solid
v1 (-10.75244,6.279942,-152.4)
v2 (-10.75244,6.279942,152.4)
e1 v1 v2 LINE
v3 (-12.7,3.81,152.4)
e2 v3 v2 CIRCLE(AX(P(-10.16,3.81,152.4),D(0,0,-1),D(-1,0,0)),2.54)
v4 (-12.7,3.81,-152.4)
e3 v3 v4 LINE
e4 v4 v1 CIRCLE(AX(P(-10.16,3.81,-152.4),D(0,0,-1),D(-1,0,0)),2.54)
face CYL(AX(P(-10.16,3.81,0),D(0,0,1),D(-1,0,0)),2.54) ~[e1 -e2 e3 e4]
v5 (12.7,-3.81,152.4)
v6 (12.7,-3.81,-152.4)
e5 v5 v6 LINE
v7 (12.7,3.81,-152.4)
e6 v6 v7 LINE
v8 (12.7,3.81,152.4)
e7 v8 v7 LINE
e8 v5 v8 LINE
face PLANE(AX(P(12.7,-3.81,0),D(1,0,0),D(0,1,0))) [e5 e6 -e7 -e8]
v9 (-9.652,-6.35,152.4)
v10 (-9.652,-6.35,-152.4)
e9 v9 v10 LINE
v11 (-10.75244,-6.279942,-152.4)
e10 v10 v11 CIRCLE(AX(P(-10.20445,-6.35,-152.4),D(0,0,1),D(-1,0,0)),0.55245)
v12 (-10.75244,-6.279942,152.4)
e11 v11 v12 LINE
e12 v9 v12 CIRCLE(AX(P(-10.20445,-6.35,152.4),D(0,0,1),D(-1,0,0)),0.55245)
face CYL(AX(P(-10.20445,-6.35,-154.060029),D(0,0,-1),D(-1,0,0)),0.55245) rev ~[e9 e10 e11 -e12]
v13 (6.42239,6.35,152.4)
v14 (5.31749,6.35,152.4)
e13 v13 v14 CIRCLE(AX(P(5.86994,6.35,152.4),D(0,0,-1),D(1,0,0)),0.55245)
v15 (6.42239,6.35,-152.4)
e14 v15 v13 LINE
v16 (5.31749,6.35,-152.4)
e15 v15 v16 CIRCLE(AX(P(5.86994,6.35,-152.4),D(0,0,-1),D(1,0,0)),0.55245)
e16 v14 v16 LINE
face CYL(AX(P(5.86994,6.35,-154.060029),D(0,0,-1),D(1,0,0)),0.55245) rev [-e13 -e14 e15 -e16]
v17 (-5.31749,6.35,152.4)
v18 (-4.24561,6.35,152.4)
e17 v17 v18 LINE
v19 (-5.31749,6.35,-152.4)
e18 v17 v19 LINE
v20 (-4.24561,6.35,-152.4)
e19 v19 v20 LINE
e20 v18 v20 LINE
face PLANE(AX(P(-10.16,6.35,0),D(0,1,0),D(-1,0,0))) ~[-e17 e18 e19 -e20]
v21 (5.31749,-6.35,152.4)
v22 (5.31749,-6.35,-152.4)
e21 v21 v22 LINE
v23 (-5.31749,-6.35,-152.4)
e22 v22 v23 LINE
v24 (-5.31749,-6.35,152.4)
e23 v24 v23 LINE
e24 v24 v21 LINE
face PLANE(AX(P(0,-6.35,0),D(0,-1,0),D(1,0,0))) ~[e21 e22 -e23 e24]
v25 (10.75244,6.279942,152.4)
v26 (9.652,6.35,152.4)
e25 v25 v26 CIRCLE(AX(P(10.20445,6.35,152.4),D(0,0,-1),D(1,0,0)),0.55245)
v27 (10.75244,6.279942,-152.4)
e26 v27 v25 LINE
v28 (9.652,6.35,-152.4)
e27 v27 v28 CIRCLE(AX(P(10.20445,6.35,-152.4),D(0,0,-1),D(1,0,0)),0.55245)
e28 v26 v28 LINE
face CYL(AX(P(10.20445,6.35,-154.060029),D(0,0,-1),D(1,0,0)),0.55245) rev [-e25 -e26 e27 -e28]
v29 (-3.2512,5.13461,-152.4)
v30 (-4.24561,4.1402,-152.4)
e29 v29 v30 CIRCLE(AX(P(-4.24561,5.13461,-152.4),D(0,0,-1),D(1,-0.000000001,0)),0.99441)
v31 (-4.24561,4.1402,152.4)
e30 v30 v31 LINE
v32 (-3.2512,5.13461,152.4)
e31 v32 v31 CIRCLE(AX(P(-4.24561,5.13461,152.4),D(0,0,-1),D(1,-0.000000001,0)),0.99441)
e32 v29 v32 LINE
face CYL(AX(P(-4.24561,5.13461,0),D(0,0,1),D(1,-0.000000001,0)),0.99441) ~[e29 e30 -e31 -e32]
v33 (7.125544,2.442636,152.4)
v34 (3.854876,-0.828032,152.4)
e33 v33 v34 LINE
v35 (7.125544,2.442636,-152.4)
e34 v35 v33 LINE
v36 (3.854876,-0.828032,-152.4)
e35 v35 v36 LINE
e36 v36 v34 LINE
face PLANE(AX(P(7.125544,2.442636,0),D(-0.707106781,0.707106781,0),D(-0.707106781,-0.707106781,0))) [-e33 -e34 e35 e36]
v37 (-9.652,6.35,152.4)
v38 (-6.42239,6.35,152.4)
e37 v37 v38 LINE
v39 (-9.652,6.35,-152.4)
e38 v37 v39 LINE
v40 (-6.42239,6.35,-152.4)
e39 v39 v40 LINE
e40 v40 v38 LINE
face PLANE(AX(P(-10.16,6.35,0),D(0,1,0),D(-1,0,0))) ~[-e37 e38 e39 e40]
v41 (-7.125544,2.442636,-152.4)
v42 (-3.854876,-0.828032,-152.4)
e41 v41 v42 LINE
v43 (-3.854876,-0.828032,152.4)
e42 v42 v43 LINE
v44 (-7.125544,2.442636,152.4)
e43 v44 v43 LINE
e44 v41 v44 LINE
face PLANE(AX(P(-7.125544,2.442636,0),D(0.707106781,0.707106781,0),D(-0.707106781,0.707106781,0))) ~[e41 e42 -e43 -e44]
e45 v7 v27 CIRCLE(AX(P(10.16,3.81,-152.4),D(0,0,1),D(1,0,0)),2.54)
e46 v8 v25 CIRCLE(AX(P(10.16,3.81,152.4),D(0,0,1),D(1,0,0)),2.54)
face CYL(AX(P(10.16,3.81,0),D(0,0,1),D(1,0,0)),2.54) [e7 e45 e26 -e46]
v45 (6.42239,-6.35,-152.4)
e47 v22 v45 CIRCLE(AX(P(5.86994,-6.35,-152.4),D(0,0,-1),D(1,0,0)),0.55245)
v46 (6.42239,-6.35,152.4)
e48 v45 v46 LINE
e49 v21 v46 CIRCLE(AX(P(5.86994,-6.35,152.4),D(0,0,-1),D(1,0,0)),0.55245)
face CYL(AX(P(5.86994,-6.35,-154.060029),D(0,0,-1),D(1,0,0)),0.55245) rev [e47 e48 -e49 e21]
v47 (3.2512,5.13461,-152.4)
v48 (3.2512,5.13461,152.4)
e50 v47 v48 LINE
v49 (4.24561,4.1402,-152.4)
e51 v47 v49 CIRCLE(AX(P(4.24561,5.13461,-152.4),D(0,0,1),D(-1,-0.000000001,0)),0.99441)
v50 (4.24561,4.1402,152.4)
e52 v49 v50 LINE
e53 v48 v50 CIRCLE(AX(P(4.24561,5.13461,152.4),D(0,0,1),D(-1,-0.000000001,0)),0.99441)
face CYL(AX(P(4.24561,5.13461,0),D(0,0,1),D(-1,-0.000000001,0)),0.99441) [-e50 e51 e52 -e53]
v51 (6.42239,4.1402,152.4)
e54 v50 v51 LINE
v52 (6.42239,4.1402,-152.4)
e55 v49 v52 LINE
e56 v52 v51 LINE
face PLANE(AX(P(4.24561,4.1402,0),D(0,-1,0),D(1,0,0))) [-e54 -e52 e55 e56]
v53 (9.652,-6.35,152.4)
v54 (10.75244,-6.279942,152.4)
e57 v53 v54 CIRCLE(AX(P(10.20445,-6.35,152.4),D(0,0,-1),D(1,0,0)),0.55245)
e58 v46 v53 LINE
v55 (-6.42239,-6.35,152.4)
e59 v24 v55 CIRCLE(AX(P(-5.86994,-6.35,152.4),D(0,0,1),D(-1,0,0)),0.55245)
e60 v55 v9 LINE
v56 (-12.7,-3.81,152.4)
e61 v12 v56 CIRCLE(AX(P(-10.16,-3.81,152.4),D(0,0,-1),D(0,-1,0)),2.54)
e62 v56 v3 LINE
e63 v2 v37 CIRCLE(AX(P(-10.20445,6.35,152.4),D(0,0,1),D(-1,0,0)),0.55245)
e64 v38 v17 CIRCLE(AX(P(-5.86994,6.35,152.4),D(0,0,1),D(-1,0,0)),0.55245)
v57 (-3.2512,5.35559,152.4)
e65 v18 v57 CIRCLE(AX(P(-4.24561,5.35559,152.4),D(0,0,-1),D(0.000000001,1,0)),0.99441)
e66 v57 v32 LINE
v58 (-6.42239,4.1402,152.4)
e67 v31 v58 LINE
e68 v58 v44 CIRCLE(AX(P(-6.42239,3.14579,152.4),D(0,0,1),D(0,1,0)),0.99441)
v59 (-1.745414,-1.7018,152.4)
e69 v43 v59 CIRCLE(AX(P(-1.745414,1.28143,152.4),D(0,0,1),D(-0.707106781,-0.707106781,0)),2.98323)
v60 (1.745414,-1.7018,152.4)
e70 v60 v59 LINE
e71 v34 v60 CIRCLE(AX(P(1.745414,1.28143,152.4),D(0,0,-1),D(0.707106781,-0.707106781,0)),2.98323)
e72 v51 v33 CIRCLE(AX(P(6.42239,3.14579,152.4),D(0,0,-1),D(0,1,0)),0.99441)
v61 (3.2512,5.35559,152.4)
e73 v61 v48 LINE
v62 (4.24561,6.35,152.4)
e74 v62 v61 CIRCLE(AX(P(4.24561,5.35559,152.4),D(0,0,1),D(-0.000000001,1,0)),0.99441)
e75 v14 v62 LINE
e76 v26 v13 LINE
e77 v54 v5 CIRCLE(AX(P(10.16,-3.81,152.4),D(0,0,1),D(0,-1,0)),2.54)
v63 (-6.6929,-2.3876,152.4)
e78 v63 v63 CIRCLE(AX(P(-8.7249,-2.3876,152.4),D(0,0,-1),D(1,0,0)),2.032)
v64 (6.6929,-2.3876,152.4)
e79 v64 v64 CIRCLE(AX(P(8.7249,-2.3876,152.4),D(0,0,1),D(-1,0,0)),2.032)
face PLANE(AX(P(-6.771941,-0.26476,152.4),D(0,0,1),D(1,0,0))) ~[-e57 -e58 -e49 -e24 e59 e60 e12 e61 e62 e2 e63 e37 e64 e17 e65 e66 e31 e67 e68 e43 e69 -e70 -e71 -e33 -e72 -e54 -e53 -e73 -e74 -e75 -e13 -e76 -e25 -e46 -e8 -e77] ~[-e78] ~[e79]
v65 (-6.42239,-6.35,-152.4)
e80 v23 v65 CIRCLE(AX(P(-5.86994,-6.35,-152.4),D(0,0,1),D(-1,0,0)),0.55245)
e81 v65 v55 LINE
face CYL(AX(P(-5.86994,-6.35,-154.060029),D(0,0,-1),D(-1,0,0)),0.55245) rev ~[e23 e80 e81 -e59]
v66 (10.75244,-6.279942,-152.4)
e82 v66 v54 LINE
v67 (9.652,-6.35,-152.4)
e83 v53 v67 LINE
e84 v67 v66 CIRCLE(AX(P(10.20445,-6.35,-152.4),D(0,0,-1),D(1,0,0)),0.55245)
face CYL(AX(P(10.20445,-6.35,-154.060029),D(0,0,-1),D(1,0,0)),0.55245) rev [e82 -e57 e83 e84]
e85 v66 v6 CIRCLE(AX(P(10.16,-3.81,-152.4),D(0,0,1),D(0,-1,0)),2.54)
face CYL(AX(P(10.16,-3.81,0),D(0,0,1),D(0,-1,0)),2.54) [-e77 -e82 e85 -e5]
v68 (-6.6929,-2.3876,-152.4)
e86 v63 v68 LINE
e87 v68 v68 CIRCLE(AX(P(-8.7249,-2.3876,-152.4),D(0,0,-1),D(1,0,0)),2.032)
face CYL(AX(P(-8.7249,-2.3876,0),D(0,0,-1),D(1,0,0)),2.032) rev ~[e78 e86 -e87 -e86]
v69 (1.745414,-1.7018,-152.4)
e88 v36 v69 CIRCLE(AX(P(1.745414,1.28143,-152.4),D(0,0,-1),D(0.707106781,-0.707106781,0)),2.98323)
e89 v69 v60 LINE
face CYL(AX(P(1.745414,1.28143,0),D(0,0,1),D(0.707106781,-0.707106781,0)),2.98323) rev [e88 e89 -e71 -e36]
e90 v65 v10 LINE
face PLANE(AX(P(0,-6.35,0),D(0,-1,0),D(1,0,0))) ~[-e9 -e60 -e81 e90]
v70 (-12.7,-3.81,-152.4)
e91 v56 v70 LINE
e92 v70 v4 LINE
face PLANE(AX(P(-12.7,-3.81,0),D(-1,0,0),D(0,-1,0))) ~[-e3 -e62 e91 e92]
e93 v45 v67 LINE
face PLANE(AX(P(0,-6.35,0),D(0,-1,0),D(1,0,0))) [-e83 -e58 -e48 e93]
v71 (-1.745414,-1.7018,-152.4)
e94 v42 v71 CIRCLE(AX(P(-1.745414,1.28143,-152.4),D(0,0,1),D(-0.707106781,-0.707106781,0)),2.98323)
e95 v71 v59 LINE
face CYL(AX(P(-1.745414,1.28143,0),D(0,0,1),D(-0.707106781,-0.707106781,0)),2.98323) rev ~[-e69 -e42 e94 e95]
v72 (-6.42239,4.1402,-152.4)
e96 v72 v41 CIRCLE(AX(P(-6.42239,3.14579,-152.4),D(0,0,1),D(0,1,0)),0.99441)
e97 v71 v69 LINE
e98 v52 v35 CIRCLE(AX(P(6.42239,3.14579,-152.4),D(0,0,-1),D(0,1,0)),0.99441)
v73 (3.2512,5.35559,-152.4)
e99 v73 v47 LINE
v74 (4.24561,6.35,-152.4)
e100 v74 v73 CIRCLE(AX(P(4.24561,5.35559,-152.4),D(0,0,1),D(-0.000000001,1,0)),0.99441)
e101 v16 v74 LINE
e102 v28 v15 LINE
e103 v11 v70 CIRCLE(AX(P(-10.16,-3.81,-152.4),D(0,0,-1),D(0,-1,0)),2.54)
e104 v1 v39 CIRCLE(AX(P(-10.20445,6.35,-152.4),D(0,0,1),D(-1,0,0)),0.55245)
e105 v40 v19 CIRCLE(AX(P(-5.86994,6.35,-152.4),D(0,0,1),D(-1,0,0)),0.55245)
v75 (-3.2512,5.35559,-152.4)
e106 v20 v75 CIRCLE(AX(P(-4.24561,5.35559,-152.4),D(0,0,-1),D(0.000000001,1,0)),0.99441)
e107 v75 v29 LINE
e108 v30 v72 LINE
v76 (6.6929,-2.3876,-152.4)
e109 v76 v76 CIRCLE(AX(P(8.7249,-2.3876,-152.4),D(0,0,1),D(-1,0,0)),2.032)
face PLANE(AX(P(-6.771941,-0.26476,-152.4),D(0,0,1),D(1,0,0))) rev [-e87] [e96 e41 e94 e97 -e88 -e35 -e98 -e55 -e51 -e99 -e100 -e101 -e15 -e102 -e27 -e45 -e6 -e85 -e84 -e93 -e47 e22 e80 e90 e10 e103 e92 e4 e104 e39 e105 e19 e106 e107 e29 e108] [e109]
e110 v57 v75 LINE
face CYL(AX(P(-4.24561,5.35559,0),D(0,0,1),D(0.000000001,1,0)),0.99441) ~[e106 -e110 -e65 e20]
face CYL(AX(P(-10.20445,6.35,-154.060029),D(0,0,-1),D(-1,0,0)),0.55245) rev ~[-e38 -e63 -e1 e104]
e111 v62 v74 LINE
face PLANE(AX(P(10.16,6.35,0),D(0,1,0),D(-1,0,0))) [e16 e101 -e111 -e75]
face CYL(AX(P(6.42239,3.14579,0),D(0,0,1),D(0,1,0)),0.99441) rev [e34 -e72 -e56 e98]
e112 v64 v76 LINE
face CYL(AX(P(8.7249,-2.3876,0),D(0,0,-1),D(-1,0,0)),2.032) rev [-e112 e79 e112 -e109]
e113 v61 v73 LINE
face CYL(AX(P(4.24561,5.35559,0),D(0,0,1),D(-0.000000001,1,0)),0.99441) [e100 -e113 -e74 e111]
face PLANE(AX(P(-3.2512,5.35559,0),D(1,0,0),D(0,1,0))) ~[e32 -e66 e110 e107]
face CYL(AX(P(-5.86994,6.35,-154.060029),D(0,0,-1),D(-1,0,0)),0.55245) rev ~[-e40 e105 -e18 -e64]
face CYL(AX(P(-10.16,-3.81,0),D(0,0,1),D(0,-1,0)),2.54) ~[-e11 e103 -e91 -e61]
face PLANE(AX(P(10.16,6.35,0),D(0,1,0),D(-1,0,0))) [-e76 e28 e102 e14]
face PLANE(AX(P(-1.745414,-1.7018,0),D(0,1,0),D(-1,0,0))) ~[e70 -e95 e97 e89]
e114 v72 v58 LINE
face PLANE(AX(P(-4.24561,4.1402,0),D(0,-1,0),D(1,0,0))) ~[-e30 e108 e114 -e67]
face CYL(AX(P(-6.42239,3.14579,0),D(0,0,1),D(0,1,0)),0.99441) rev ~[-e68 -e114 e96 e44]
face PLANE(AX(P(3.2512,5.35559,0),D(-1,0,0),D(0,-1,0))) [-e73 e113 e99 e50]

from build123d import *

# Parameters (mm, degrees)
SKETCH3_R               = 2.032
BOSS_EXTRUDE1_DEPTH     = 152.4
CUT_EXTRUDE1_DEPTH      = 154.060029074
CUT_EXTRUDE1_DEPTH_BACK = 154.060029074
SKETCH4_R               = 0.55245


with BuildPart() as part:
    # Sketch3 → Boss-Extrude1 (new, symmetric)
    with BuildSketch(Plane.XY):
        with BuildLine():
            Line((3.2512, 5.35559), (3.2512, 5.13461))
            ThreePointArc((3.2512, 5.13461), (3.542455946, 4.431455946), (4.24561, 4.1402))
            Line((4.24561, 4.1402), (6.42239, 4.1402))
            ThreePointArc((6.42239, 4.1402), (7.341105046, 3.526334232), (7.125544054, 2.442635946))
            Line((7.125544054, 2.442635946), (3.854875946, -0.828032163))
            ThreePointArc((3.854875946, -0.828032163), (2.887046479, -1.474715138), (1.745413783, -1.7018))
            Line((1.745413783, -1.7018), (0, -1.7018))
            Line((0, -1.7018), (0, -6.35))
            Line((0, -6.35), (10.16, -6.35))
            ThreePointArc((10.16, -6.35), (11.956051224, -5.606051224), (12.7, -3.81))
            Line((12.7, -3.81), (12.7, 3.81))
            ThreePointArc((12.7, 3.81), (11.956051224, 5.606051224), (10.16, 6.35))
            Line((10.16, 6.35), (4.24561, 6.35))
            ThreePointArc((4.24561, 6.35), (3.542455946, 6.058744054), (3.2512, 5.35559))
        make_face()
        with Locations(Location((8.7249, -2.3876, 0), (0, 0, 180))):
            Circle(SKETCH3_R, mode=Mode.SUBTRACT)
    extrude(amount=BOSS_EXTRUDE1_DEPTH, both=True)

    # Sketch4 → Cut-Extrude1 (cut, two sides: drawn at the far end of the back side and taken through both)
    with BuildSketch(Plane.XY.offset(-CUT_EXTRUDE1_DEPTH_BACK)):
        with Locations((5.86994, 6.35)):
            Circle(SKETCH4_R)
        with Locations((10.20445, 6.35)):
            Circle(SKETCH4_R)
        with Locations((5.86994, -6.35)):
            Circle(SKETCH4_R)
        with Locations((10.20445, -6.35)):
            Circle(SKETCH4_R)
    extrude(amount=CUT_EXTRUDE1_DEPTH + CUT_EXTRUDE1_DEPTH_BACK, mode=Mode.SUBTRACT)

    # Mirror1: part across plane


with BuildPart() as part_1:
    add(part.part)
    add(part.part.mirror(Plane(origin=(0, 0, 0), x_dir=(0, 0, 1), z_dir=(1, 0, 0))))


solid = part_1.part
